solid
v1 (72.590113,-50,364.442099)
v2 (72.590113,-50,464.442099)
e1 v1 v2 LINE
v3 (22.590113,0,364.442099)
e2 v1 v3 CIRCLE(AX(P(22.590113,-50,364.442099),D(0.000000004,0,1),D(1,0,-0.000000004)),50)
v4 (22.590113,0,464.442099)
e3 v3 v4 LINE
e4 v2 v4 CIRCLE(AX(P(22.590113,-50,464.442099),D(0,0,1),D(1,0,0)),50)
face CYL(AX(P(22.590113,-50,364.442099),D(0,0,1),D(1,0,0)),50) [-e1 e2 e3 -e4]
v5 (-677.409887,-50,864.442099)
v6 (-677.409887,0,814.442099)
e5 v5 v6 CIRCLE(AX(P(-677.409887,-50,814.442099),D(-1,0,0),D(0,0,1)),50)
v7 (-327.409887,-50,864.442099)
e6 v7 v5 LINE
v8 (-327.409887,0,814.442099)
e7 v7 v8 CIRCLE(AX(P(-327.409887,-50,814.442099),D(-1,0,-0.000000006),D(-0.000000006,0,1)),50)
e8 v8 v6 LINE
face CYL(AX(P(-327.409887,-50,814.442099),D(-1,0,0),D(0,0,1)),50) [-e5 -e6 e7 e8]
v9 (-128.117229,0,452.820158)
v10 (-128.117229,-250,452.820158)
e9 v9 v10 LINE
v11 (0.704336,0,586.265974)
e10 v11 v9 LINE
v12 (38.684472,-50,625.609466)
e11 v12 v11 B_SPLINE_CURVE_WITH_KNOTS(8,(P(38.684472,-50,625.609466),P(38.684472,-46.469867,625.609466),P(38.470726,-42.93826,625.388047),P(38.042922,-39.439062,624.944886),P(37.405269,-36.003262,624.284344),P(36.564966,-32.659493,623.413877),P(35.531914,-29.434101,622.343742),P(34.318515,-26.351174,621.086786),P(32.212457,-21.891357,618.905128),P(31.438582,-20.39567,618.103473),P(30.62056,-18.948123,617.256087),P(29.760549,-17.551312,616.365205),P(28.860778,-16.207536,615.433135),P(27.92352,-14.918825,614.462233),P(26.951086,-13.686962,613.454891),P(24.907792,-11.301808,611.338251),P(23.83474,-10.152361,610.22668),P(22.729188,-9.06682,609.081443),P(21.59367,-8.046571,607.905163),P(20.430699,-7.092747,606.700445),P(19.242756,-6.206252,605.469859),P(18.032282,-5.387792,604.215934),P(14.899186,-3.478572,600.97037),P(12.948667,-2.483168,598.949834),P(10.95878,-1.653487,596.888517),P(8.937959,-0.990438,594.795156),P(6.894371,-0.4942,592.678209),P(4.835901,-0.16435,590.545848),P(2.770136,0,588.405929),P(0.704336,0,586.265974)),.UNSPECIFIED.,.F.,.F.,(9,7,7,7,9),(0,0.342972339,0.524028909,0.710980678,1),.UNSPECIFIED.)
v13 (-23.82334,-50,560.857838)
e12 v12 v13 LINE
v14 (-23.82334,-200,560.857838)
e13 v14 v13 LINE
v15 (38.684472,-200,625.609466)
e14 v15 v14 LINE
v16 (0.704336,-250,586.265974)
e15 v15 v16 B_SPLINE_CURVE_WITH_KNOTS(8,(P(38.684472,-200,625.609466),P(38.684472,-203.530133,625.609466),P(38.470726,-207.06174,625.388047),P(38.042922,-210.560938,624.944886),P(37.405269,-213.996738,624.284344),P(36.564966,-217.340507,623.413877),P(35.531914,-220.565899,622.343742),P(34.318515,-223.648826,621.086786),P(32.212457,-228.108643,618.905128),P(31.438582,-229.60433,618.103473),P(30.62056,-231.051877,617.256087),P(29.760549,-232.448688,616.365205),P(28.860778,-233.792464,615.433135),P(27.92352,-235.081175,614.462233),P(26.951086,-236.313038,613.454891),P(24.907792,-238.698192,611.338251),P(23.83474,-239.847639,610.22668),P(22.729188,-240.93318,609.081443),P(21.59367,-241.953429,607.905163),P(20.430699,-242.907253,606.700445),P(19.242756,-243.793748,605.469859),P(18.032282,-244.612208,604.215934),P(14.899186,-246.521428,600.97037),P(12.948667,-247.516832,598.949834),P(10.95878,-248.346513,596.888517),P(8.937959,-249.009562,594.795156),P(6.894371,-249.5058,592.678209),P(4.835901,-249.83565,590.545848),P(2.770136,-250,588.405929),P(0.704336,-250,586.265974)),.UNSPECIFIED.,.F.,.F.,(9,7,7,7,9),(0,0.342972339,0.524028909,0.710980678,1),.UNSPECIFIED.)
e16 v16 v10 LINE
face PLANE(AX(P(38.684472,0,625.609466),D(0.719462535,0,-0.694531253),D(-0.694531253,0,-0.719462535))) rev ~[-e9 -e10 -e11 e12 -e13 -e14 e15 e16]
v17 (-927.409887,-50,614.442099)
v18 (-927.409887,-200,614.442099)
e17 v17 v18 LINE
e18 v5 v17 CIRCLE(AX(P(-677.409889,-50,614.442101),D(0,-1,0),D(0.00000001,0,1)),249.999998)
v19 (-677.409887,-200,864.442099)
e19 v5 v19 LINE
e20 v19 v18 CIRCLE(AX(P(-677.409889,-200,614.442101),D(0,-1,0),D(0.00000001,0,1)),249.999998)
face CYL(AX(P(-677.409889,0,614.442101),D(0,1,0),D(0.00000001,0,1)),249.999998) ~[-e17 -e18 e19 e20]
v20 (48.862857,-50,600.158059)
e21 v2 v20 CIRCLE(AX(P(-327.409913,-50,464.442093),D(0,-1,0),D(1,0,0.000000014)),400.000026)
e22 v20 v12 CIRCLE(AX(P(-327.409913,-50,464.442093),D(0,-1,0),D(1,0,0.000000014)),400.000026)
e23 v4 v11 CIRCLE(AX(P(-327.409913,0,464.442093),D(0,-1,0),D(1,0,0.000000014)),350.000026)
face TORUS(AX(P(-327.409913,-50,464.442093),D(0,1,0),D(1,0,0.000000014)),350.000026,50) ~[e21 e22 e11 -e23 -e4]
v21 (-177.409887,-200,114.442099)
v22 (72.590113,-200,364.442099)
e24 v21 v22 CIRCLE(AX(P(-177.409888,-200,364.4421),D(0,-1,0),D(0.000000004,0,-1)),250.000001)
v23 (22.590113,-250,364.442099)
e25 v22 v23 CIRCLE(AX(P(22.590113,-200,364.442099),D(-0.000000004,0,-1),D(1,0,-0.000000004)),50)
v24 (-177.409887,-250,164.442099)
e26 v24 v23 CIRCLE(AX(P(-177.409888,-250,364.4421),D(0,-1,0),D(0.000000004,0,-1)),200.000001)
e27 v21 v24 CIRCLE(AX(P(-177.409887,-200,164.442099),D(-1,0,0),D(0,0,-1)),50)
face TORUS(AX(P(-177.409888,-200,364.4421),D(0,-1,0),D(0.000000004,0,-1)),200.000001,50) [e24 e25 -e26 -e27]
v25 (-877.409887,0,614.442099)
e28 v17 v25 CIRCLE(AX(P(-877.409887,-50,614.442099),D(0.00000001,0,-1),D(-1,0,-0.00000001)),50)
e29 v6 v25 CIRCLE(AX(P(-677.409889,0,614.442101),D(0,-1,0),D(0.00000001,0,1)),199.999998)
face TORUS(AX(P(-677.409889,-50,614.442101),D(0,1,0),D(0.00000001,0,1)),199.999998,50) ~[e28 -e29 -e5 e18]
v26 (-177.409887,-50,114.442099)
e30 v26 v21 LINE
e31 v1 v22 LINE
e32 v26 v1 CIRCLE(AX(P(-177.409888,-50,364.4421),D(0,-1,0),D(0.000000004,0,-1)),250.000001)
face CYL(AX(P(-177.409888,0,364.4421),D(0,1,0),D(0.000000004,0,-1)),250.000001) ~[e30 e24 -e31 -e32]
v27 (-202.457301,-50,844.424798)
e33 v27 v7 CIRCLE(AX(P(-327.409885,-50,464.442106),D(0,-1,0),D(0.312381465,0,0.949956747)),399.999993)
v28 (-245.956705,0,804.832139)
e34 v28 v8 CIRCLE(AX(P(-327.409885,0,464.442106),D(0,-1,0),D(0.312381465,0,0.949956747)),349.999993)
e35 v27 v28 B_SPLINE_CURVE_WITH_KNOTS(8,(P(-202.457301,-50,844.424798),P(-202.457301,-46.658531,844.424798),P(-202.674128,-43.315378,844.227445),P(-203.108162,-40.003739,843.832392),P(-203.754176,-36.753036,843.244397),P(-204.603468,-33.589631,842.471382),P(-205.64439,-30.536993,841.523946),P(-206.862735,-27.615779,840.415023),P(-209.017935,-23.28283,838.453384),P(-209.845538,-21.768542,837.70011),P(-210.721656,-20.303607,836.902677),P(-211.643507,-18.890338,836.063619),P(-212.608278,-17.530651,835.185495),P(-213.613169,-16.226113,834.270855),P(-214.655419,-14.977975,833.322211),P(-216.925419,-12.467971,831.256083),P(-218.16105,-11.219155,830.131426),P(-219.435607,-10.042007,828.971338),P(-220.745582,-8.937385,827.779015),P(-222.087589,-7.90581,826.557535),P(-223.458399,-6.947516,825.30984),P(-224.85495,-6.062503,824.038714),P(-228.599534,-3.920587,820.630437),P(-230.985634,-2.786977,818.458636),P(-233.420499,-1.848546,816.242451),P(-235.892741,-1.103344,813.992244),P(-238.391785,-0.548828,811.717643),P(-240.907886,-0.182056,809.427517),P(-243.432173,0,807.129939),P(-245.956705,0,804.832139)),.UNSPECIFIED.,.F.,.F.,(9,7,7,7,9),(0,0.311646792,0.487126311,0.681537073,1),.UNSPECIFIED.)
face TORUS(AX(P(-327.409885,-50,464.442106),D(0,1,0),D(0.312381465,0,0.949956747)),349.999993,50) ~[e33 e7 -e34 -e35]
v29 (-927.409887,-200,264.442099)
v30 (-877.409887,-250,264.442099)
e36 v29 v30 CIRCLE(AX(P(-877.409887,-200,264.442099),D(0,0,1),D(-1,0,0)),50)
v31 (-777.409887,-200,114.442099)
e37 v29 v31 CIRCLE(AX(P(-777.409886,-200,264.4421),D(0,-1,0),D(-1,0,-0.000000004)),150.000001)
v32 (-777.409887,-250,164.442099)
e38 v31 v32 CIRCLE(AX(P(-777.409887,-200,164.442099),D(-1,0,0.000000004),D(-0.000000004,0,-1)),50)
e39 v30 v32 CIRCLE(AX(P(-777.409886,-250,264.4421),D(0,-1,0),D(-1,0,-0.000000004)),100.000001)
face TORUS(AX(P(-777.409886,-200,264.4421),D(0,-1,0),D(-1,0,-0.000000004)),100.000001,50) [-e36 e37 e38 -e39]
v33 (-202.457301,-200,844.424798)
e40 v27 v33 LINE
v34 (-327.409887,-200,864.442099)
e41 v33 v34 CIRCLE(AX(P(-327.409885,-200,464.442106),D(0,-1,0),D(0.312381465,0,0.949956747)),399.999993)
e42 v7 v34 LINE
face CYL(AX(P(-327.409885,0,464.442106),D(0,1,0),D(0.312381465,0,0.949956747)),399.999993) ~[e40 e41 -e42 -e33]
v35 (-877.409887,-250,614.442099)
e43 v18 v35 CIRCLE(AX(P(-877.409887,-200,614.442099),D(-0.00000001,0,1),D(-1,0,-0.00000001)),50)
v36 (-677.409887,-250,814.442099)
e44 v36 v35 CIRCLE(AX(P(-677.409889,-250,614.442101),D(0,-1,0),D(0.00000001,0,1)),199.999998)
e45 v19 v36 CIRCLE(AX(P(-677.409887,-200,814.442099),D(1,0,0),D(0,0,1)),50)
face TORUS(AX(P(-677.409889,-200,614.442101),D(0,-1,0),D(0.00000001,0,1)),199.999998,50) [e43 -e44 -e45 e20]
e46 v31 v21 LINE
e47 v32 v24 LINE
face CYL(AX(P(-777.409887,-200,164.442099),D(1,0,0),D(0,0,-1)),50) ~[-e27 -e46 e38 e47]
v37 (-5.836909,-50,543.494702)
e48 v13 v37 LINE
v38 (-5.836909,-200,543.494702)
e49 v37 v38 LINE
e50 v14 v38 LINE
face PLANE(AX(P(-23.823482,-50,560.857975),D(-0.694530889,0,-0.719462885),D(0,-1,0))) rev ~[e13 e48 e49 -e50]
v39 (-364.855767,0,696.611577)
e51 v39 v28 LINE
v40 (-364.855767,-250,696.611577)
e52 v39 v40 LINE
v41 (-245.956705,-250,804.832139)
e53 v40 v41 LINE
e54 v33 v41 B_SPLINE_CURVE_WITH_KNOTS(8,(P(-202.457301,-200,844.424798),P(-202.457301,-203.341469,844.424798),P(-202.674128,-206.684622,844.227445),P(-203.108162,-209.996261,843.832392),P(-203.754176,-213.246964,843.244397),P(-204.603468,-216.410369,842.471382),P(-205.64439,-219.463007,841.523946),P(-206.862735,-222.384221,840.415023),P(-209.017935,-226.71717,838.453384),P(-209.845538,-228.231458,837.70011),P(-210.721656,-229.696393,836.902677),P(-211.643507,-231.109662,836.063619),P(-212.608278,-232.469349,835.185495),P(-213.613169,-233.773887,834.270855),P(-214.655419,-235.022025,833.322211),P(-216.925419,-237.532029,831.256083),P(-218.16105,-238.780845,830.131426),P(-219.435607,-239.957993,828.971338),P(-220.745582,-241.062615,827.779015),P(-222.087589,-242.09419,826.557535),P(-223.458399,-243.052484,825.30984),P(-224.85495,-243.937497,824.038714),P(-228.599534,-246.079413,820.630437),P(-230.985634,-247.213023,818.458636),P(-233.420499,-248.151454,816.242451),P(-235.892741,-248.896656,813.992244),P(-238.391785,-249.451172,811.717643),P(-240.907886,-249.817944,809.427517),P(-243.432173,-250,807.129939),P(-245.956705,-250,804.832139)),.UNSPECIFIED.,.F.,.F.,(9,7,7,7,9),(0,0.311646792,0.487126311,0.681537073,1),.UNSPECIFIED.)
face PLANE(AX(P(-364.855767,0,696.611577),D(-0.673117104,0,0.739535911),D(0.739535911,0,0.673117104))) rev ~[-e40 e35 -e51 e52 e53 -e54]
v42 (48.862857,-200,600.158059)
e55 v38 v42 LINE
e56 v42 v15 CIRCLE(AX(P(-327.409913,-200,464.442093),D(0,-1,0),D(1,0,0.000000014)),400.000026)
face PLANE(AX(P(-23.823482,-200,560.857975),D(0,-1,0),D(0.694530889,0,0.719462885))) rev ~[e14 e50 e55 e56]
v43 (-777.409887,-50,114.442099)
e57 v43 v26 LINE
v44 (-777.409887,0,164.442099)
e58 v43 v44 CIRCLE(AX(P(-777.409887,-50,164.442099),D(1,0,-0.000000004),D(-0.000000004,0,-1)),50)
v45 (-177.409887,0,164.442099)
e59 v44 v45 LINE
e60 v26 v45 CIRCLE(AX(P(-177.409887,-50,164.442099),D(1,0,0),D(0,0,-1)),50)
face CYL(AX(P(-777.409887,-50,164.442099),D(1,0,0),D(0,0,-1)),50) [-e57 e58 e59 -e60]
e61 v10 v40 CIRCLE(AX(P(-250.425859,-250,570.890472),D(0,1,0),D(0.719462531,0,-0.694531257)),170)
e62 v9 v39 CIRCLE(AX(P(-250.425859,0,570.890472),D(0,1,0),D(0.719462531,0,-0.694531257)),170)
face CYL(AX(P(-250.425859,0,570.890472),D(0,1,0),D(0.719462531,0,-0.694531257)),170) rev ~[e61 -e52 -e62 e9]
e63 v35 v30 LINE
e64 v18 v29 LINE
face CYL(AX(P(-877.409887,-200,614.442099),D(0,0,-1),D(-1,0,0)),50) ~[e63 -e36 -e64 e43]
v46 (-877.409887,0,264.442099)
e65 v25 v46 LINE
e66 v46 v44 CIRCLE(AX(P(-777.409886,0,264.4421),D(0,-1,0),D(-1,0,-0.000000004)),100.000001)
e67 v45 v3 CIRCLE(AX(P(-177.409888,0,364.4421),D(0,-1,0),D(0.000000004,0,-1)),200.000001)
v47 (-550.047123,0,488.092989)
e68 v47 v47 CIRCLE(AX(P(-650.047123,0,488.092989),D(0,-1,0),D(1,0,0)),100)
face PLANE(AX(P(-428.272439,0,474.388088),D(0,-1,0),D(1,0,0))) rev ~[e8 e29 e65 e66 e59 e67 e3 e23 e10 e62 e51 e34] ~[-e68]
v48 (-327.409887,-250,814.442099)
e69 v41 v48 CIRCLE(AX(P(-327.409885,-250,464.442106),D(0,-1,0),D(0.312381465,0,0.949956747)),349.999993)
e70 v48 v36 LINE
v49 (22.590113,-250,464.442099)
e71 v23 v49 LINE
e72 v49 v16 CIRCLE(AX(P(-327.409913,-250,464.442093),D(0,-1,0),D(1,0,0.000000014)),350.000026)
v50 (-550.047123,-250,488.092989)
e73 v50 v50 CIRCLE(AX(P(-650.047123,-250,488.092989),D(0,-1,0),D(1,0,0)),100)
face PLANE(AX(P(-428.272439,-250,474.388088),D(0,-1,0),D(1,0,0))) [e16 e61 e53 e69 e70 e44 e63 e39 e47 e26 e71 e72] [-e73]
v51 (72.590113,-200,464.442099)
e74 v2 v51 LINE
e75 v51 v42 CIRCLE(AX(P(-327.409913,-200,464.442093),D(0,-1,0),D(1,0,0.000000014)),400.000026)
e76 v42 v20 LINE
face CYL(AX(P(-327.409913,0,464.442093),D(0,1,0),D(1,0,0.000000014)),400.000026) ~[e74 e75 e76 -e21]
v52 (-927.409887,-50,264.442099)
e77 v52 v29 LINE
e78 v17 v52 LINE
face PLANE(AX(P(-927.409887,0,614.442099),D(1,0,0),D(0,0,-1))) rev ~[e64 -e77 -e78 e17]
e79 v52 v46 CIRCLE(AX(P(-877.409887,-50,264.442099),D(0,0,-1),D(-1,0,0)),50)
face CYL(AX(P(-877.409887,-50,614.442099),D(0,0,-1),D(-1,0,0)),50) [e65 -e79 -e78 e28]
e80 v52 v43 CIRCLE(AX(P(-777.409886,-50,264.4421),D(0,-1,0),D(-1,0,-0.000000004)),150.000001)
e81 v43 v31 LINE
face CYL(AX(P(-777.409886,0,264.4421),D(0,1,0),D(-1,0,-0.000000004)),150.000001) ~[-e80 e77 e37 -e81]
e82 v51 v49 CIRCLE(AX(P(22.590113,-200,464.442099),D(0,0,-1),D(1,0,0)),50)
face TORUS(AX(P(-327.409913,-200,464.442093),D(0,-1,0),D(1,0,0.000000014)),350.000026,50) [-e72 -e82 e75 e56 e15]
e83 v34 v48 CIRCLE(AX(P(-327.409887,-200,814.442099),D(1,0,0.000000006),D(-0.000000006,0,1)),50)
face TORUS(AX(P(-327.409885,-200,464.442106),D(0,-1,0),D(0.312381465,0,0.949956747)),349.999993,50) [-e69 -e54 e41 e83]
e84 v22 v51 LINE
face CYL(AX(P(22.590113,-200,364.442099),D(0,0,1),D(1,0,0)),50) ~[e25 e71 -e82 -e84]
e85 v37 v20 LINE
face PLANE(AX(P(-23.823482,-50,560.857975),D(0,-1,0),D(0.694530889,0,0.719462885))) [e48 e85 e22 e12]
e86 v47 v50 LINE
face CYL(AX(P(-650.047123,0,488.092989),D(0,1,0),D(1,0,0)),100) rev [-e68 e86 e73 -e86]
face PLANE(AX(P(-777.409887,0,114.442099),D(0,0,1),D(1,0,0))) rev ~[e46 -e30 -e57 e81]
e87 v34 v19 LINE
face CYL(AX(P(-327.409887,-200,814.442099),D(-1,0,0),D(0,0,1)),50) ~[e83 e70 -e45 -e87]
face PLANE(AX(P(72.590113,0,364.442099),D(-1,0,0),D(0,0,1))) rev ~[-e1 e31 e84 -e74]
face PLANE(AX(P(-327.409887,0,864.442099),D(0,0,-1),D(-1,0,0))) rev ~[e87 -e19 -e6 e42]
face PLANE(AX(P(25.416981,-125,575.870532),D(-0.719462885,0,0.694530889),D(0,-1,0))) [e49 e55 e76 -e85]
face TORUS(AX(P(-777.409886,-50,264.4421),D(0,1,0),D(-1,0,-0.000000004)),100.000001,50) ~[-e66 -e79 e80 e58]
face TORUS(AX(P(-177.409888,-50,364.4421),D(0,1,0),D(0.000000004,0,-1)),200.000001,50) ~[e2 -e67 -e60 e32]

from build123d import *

# Parameters (mm, degrees)
F0_R     = 100
F1_DEPTH = 250
F2_R     = 50
F3_W     = 150
F3_H     = 90
F4_DEPTH = 25


with BuildPart() as f1:
    # F0 (on Front) → F1 (new body)
    with BuildSketch(Plane.XZ):
        with BuildLine():
            Line((-327.409887, 864.442099), (-677.409887, 864.442099))
            ThreePointArc((-677.409887, 864.442099), (-854.186583, 791.218795), (-927.409887, 614.442099))
            Line((-927.409887, 614.442099), (-927.409887, 264.442099))
            ThreePointArc((-927.409887, 264.442099), (-883.475904, 158.376082), (-777.409887, 114.442099))
            Line((-777.409887, 114.442099), (-177.409887, 114.442099))
            ThreePointArc((-177.409887, 114.442099), (-0.633192, 187.665404), (72.590113, 364.442099))
            Line((72.590113, 364.442099), (72.590113, 464.442099))
            ThreePointArc((72.590113, 464.442099), (64.021935, 546.789705), (38.684472, 625.609466))
            Line((38.684472, 625.609466), (-128.117229, 452.820158))
            ThreePointArc((-128.117229, 452.820158), (-372.385207, 452.459405), (-364.855767, 696.611577))
            Line((-364.855767, 696.611577), (-202.457301, 844.424798))
            ThreePointArc((-202.457301, 844.424798), (-264.136984, 859.406072), (-327.409887, 864.442099))
        make_face()
        with Locations((-650.047123, 488.092989)):
            Circle(F0_R, mode=Mode.SUBTRACT)
    extrude(amount=F1_DEPTH)

    # F2
    f2_edges = [f1.edges().sort_by_distance(p)[0] for p in [
        (-502.409887, -250, 864.442099),
        (-502.409887, 0, 864.442099),
    ]]
    fillet(f2_edges, radius=F2_R)

    # F3 (on face) → F4 (cut)
    with BuildSketch(Plane(origin=(-292.586202, 0, 282.447316), x_dir=(0, -1, 0), z_dir=(-0.719463, 0, 0.694531))):
        with Locations((125, 431.970147)):
            Rectangle(F3_W, F3_H)
    extrude(amount=-F4_DEPTH, mode=Mode.SUBTRACT)


solid = f1.part
